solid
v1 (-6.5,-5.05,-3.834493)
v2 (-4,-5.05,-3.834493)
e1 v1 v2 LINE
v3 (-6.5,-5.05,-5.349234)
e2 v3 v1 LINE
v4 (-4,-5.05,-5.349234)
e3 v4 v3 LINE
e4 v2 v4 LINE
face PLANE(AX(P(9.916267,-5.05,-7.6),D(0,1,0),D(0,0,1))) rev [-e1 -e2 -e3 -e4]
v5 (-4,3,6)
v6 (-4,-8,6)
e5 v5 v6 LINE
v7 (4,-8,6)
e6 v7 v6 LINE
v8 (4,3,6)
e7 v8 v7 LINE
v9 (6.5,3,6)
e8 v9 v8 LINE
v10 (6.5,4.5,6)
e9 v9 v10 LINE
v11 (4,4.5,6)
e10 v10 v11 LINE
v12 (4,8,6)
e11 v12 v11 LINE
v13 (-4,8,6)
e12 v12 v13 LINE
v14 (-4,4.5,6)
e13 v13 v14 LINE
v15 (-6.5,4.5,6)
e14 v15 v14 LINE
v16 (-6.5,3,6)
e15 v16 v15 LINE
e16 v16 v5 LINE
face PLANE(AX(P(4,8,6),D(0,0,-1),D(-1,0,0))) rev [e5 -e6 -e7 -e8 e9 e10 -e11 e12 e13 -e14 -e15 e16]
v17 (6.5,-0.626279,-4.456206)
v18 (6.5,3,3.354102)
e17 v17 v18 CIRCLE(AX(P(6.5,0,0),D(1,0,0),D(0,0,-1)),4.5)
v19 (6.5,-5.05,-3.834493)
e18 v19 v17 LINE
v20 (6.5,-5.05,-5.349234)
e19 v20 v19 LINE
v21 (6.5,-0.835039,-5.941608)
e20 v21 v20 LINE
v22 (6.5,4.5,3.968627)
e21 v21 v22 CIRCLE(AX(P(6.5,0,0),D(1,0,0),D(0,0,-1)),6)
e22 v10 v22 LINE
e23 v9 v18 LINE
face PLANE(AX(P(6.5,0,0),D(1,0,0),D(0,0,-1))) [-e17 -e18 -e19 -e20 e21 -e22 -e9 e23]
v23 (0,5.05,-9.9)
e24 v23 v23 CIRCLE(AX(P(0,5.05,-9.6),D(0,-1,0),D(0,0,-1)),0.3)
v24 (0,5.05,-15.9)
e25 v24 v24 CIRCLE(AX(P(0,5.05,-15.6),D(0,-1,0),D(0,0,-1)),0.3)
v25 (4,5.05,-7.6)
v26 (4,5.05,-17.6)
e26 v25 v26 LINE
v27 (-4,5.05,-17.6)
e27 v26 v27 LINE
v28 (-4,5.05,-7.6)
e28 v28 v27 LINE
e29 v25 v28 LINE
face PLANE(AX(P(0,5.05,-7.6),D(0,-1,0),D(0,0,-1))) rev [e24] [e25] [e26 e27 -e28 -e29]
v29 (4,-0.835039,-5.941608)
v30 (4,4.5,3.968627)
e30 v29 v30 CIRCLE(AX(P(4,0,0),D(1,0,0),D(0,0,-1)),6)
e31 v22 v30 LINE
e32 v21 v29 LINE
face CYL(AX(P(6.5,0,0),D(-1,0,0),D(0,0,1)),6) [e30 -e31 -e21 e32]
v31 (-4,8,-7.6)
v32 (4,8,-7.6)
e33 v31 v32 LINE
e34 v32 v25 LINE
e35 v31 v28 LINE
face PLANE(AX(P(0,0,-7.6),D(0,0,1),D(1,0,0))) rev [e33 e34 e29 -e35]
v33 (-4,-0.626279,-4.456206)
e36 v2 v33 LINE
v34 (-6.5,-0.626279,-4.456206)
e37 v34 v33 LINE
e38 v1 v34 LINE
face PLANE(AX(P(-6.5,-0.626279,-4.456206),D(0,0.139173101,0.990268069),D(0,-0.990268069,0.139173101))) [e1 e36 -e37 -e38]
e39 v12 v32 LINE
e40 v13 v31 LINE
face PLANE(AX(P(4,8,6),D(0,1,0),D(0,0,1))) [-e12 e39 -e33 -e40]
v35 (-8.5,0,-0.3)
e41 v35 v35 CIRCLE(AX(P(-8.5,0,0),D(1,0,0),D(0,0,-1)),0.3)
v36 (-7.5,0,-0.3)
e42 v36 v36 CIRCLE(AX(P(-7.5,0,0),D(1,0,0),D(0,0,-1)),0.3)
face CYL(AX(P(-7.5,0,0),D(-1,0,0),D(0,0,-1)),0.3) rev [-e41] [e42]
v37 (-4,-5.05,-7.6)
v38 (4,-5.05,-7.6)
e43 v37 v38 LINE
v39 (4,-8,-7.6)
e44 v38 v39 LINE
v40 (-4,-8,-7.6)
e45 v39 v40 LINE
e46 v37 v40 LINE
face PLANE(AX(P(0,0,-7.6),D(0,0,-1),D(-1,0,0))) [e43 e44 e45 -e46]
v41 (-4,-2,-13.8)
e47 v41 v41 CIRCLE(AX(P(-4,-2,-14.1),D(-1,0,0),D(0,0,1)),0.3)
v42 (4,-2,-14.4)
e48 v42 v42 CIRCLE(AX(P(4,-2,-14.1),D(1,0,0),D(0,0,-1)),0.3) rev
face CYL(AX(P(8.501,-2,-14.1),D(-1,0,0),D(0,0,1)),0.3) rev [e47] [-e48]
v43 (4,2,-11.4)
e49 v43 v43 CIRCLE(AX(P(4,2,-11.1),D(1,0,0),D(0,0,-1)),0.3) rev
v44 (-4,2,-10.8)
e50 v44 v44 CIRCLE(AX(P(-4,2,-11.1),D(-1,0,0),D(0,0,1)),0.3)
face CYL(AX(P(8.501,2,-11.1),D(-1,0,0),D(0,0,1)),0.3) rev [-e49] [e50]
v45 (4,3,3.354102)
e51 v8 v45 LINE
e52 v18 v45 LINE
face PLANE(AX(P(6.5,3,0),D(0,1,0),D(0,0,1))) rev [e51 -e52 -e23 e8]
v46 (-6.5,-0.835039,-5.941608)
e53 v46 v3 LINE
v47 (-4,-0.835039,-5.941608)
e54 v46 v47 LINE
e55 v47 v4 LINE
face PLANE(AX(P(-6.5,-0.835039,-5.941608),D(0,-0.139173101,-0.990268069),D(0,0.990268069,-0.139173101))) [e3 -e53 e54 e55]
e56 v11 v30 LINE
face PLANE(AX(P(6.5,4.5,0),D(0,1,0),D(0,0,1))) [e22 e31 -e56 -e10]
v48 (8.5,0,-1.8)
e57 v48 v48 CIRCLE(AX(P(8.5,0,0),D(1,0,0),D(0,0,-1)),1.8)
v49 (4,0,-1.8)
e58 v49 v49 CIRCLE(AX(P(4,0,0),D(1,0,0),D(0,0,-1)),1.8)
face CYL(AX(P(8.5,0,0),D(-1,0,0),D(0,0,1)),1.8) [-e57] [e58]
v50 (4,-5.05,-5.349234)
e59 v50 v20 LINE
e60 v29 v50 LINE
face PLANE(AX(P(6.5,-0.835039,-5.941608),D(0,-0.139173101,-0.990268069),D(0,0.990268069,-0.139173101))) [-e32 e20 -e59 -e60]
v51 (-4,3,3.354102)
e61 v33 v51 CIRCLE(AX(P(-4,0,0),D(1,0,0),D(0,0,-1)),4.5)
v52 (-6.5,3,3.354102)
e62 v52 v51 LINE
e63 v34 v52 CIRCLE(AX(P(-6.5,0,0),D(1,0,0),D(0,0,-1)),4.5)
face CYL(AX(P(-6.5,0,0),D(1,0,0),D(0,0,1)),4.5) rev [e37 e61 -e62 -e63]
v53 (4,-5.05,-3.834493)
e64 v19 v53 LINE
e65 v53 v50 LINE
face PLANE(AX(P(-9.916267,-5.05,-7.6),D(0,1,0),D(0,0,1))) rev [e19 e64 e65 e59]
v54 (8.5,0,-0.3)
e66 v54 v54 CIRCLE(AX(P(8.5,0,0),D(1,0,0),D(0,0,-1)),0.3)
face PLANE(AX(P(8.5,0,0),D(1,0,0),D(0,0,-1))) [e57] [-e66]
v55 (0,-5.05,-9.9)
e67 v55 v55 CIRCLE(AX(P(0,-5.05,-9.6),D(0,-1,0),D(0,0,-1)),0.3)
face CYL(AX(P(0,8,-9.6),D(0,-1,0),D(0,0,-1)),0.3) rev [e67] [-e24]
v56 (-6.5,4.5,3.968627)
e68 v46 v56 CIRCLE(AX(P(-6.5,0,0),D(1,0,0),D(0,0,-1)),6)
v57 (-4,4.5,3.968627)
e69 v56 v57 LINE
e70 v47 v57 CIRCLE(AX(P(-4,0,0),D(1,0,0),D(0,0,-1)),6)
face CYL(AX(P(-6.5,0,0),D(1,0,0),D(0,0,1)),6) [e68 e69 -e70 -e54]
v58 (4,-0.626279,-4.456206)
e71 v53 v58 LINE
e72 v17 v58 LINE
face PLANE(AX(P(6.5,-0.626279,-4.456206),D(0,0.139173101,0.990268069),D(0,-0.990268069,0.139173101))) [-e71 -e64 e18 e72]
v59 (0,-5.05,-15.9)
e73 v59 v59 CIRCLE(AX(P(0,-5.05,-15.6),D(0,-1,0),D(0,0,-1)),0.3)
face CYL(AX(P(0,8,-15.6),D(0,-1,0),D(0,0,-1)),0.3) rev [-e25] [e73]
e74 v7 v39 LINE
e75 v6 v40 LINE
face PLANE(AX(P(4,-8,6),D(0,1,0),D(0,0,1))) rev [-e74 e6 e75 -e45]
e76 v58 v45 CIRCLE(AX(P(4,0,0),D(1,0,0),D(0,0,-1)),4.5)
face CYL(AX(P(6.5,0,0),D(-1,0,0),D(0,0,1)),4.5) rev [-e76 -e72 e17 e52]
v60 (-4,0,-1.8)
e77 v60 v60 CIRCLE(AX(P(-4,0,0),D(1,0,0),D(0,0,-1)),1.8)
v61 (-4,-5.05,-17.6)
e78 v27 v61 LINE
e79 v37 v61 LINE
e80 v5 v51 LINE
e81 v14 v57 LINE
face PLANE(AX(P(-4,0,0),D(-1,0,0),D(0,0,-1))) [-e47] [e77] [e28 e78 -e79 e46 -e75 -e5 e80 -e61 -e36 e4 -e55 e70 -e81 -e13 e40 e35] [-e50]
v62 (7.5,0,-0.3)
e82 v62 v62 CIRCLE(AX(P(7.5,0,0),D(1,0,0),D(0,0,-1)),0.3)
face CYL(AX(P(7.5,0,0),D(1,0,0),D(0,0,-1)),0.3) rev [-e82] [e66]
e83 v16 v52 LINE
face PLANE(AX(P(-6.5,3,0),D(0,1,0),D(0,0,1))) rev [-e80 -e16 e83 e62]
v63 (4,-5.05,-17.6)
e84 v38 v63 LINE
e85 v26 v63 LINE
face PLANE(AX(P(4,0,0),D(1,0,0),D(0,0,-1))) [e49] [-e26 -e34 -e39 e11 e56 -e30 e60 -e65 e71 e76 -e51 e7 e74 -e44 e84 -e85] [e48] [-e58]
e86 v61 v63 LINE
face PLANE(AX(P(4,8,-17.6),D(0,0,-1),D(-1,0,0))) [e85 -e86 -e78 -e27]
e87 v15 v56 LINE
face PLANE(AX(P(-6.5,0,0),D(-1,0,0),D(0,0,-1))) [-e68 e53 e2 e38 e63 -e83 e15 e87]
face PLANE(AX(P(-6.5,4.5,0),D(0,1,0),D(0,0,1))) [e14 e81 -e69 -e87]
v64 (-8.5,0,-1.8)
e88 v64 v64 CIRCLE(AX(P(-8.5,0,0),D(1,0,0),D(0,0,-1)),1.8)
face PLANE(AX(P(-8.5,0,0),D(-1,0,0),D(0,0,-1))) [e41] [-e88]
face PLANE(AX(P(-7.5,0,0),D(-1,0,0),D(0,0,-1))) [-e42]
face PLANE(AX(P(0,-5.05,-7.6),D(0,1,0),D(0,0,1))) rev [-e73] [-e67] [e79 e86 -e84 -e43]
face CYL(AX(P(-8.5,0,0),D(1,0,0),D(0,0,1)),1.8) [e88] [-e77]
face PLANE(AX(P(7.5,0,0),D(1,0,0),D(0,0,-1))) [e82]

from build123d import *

# Parameters (mm, degrees)
SKETCH_2_W           = 23.6
SKETCH_2_H           = 16
EXTRUDE_1_DEPTH      = 4
EXTRUDE_START        = 4
EXTRUDE_3_DEPTH      = 4.5
SKETCH_5_R           = 0.3
CUT_EXTRUDE_10_DEPTH = 1
EXTRUDE_2_DEPTH      = 2.5
SKETCH_6_W           = 4
SKETCH_6_H           = 2.95
CUT_EXTRUDE_11_DEPTH = 10
SKETCH_7_R           = 0.3
CUT_EXTRUDE_12_DEPTH = 24.50132975
SKETCH_8_W           = 13.6
SKETCH_8_H           = 2.95
CUT_EXTRUDE_13_DEPTH = 2.5
CUT_EXTRUDE_14_REACH = 25.022
SKETCH_9_R           = 0.3


with BuildPart() as part:
    # 草图2 → 凸台-拉伸1 (new body)
    with BuildSketch(Plane(origin=(0, 0, 0), x_dir=(0, 0, -1), z_dir=(1, 0, 0))):
        with Locations((5.8, 0)):
            Rectangle(SKETCH_2_W, SKETCH_2_H)
    extrude(amount=EXTRUDE_1_DEPTH)

    # 草图2<10> → 凸台-拉伸3 (add)
    with BuildSketch(Plane(origin=(0, 0, 0), x_dir=(0, 0, -1), z_dir=(1, 0, 0)).offset(EXTRUDE_START)):
        with BuildLine():
            ThreePointArc((0, -1.8), (1.272792206, -1.272792206), (1.8, 0))
            Line((1.8, 0), (0, 0))
            Line((0, 0), (0, -1.8))
        make_face()
        with BuildLine():
            Line((0, 0), (1.8, 0))
            ThreePointArc((1.8, 0), (1.272792206, 1.272792206), (0, 1.8))
            Line((0, 1.8), (0, 0))
        make_face()
        with BuildLine():
            Line((0, -1.8), (0, 0))
            Line((0, 0), (-1.8, 0))
            ThreePointArc((-1.8, 0), (-1.272792206, -1.272792206), (0, -1.8))
        make_face()
        with BuildLine():
            Line((-1.8, 0), (0, 0))
            Line((0, 0), (0, 1.8))
            ThreePointArc((0, 1.8), (-1.272792206, 1.272792206), (-1.8, 0))
        make_face()
    extrude(amount=EXTRUDE_3_DEPTH)

    # 草图5 → 切除-拉伸10 (cut)
    with BuildSketch(Plane(origin=(8.5, 0, 0), x_dir=(0, 0, -1), z_dir=(1, 0, 0))):
        Circle(SKETCH_5_R)
    extrude(amount=-CUT_EXTRUDE_10_DEPTH, mode=Mode.SUBTRACT)

    # 草图2<4> → 凸台-拉伸2 (add)
    with BuildSketch(Plane(origin=(0, 0, 0), x_dir=(0, 0, -1), z_dir=(1, 0, 0)).offset(EXTRUDE_START)):
        with BuildLine():
            ThreePointArc((-3.354101966, 3), (-1.837117307, 4.107919181), (0, 4.5))
            Line((0, 4.5), (-3.968626967, 4.5))
            ThreePointArc((-3.968626967, 4.5), (-4.643360347, 3.799895352), (-5.196152423, 3))
            Line((-5.196152423, 3), (-3.354101966, 3))
        make_face()
        with BuildLine():
            Line((0, 5), (1.8, 5))
            Line((1.8, 5), (1.8, 5.723635209))
            ThreePointArc((1.8, 5.723635209), (-1.245012655, 5.869407422), (-3.968626967, 4.5))
            Line((-3.968626967, 4.5), (0, 4.5))
            Line((0, 4.5), (0, 5))
        make_face()
        with BuildLine():
            ThreePointArc((0, 4.5), (0.919393397, 4.405078408), (1.8, 4.124318125))
            Line((1.8, 4.124318125), (1.8, 5))
            Line((1.8, 5), (0, 5))
            Line((0, 5), (0, 4.5))
        make_face()
        with BuildLine():
            ThreePointArc((1.8, 4.124318125), (3.764970119, 2.464751509), (4.5, 0))
            Line((4.5, 0), (6, 0))
            ThreePointArc((6, 0), (5.286764074, 2.837274331), (3.31662479, 5))
            Line((3.31662479, 5), (1.8, 5))
            Line((1.8, 5), (1.8, 4.124318125))
        make_face()
        with BuildLine():
            Line((1.8, 5.723635209), (1.8, 5))
            Line((1.8, 5), (3.31662479, 5))
            ThreePointArc((3.31662479, 5), (2.583771331, 5.415175501), (1.8, 5.723635209))
        make_face()
        with BuildLine():
            Line((6, 0), (4.5, 0))
            ThreePointArc((4.5, 0), (4.489038226, -0.313904132), (4.456206309, -0.626278954))
            Line((4.456206309, -0.626278954), (3.903880188, -4.556283516))
            ThreePointArc((3.903880188, -4.556283516), (5.262635021, -2.881782892), (5.941608412, -0.835038606))
            ThreePointArc((5.941608412, -0.835038606), (5.985384302, -0.418538842), (6, 0))
        make_face()
        with BuildLine():
            Line((5.356261262, -5), (5.941608412, -0.835038606))
            ThreePointArc((5.941608412, -0.835038606), (5.262635021, -2.881782892), (3.903880188, -4.556283516))
            Line((3.903880188, -4.556283516), (3.841519903, -5))
            Line((3.841519903, -5), (5.356261262, -5))
        make_face()
        Polygon((4.934638757, -8), (5.356261262, -5), (3.841519903, -5), (3.419897399, -8), align=None)
        with BuildLine():
            ThreePointArc((-5.196152423, 3), (-4.643360347, 3.799895352), (-3.968626967, 4.5))
            Line((-3.968626967, 4.5), (-6, 4.5))
            Line((-6, 4.5), (-6, 3))
            Line((-6, 3), (-5.196152423, 3))
        make_face()
    extrude(amount=EXTRUDE_2_DEPTH)

    # 草图6 → 切除-拉伸11 (cut)
    with BuildSketch(Plane(origin=(0, 0, -17.6), x_dir=(-1, 0, 0), z_dir=(0, 0, -1))):
        with Locations((-2, 6.525)):
            Rectangle(SKETCH_6_W, SKETCH_6_H)
        with Locations((-2, -6.525)):
            Rectangle(SKETCH_6_W, SKETCH_6_H)
    extrude(amount=-CUT_EXTRUDE_11_DEPTH, mode=Mode.SUBTRACT)

    # 草图7 → 切除-拉伸12 (cut, through all)
    with BuildSketch(Plane.XZ.offset(5.05)):
        with Locations((0, -9.6)):
            Circle(SKETCH_7_R)
        with Locations((0, -15.6)):
            Circle(SKETCH_7_R)
    extrude(amount=-CUT_EXTRUDE_12_DEPTH, mode=Mode.SUBTRACT)

    # 草图8 → 切除-拉伸13 (cut)
    with BuildSketch(Plane(origin=(6.5, 0, 0), x_dir=(0, 0, -1), z_dir=(1, 0, 0))):
        with Locations((0.8, -6.525)):
            Rectangle(SKETCH_8_W, SKETCH_8_H)
    extrude(amount=-CUT_EXTRUDE_13_DEPTH, mode=Mode.SUBTRACT)

    # 镜向1: part across plane


with BuildPart() as part_1:
    add(part.part)
    add(part.part.mirror(Plane(origin=(0, 0, 0), x_dir=(0, 0, 1), z_dir=(1, 0, 0))))

    # 草图9 → 切除-拉伸14 (cut, up to next)
    with BuildSketch(Plane.ZY.offset(4), mode=Mode.PRIVATE) as cut_extrude_14_sk1:
        with Locations((-14.1, -2)):
            Circle(SKETCH_9_R)
    cut_extrude_14_tool1 = extrude(cut_extrude_14_sk1.sketch, amount=-CUT_EXTRUDE_14_REACH, mode=Mode.PRIVATE) & part_1.part
    # 草图9 → 切除-拉伸14 (cut, up to next)
    with BuildSketch(Plane.ZY.offset(4), mode=Mode.PRIVATE) as cut_extrude_14_sk2:
        with Locations((-11.1, 2)):
            Circle(SKETCH_9_R)
    cut_extrude_14_tool2 = extrude(cut_extrude_14_sk2.sketch, amount=-CUT_EXTRUDE_14_REACH, mode=Mode.PRIVATE) & part_1.part
    add(cut_extrude_14_tool1.solids().sort_by_distance((-4, -2, -14.1))[0], mode=Mode.SUBTRACT)
    add(cut_extrude_14_tool2.solids().sort_by_distance((-4, 2, -11.1))[0], mode=Mode.SUBTRACT)


solid = part_1.part
